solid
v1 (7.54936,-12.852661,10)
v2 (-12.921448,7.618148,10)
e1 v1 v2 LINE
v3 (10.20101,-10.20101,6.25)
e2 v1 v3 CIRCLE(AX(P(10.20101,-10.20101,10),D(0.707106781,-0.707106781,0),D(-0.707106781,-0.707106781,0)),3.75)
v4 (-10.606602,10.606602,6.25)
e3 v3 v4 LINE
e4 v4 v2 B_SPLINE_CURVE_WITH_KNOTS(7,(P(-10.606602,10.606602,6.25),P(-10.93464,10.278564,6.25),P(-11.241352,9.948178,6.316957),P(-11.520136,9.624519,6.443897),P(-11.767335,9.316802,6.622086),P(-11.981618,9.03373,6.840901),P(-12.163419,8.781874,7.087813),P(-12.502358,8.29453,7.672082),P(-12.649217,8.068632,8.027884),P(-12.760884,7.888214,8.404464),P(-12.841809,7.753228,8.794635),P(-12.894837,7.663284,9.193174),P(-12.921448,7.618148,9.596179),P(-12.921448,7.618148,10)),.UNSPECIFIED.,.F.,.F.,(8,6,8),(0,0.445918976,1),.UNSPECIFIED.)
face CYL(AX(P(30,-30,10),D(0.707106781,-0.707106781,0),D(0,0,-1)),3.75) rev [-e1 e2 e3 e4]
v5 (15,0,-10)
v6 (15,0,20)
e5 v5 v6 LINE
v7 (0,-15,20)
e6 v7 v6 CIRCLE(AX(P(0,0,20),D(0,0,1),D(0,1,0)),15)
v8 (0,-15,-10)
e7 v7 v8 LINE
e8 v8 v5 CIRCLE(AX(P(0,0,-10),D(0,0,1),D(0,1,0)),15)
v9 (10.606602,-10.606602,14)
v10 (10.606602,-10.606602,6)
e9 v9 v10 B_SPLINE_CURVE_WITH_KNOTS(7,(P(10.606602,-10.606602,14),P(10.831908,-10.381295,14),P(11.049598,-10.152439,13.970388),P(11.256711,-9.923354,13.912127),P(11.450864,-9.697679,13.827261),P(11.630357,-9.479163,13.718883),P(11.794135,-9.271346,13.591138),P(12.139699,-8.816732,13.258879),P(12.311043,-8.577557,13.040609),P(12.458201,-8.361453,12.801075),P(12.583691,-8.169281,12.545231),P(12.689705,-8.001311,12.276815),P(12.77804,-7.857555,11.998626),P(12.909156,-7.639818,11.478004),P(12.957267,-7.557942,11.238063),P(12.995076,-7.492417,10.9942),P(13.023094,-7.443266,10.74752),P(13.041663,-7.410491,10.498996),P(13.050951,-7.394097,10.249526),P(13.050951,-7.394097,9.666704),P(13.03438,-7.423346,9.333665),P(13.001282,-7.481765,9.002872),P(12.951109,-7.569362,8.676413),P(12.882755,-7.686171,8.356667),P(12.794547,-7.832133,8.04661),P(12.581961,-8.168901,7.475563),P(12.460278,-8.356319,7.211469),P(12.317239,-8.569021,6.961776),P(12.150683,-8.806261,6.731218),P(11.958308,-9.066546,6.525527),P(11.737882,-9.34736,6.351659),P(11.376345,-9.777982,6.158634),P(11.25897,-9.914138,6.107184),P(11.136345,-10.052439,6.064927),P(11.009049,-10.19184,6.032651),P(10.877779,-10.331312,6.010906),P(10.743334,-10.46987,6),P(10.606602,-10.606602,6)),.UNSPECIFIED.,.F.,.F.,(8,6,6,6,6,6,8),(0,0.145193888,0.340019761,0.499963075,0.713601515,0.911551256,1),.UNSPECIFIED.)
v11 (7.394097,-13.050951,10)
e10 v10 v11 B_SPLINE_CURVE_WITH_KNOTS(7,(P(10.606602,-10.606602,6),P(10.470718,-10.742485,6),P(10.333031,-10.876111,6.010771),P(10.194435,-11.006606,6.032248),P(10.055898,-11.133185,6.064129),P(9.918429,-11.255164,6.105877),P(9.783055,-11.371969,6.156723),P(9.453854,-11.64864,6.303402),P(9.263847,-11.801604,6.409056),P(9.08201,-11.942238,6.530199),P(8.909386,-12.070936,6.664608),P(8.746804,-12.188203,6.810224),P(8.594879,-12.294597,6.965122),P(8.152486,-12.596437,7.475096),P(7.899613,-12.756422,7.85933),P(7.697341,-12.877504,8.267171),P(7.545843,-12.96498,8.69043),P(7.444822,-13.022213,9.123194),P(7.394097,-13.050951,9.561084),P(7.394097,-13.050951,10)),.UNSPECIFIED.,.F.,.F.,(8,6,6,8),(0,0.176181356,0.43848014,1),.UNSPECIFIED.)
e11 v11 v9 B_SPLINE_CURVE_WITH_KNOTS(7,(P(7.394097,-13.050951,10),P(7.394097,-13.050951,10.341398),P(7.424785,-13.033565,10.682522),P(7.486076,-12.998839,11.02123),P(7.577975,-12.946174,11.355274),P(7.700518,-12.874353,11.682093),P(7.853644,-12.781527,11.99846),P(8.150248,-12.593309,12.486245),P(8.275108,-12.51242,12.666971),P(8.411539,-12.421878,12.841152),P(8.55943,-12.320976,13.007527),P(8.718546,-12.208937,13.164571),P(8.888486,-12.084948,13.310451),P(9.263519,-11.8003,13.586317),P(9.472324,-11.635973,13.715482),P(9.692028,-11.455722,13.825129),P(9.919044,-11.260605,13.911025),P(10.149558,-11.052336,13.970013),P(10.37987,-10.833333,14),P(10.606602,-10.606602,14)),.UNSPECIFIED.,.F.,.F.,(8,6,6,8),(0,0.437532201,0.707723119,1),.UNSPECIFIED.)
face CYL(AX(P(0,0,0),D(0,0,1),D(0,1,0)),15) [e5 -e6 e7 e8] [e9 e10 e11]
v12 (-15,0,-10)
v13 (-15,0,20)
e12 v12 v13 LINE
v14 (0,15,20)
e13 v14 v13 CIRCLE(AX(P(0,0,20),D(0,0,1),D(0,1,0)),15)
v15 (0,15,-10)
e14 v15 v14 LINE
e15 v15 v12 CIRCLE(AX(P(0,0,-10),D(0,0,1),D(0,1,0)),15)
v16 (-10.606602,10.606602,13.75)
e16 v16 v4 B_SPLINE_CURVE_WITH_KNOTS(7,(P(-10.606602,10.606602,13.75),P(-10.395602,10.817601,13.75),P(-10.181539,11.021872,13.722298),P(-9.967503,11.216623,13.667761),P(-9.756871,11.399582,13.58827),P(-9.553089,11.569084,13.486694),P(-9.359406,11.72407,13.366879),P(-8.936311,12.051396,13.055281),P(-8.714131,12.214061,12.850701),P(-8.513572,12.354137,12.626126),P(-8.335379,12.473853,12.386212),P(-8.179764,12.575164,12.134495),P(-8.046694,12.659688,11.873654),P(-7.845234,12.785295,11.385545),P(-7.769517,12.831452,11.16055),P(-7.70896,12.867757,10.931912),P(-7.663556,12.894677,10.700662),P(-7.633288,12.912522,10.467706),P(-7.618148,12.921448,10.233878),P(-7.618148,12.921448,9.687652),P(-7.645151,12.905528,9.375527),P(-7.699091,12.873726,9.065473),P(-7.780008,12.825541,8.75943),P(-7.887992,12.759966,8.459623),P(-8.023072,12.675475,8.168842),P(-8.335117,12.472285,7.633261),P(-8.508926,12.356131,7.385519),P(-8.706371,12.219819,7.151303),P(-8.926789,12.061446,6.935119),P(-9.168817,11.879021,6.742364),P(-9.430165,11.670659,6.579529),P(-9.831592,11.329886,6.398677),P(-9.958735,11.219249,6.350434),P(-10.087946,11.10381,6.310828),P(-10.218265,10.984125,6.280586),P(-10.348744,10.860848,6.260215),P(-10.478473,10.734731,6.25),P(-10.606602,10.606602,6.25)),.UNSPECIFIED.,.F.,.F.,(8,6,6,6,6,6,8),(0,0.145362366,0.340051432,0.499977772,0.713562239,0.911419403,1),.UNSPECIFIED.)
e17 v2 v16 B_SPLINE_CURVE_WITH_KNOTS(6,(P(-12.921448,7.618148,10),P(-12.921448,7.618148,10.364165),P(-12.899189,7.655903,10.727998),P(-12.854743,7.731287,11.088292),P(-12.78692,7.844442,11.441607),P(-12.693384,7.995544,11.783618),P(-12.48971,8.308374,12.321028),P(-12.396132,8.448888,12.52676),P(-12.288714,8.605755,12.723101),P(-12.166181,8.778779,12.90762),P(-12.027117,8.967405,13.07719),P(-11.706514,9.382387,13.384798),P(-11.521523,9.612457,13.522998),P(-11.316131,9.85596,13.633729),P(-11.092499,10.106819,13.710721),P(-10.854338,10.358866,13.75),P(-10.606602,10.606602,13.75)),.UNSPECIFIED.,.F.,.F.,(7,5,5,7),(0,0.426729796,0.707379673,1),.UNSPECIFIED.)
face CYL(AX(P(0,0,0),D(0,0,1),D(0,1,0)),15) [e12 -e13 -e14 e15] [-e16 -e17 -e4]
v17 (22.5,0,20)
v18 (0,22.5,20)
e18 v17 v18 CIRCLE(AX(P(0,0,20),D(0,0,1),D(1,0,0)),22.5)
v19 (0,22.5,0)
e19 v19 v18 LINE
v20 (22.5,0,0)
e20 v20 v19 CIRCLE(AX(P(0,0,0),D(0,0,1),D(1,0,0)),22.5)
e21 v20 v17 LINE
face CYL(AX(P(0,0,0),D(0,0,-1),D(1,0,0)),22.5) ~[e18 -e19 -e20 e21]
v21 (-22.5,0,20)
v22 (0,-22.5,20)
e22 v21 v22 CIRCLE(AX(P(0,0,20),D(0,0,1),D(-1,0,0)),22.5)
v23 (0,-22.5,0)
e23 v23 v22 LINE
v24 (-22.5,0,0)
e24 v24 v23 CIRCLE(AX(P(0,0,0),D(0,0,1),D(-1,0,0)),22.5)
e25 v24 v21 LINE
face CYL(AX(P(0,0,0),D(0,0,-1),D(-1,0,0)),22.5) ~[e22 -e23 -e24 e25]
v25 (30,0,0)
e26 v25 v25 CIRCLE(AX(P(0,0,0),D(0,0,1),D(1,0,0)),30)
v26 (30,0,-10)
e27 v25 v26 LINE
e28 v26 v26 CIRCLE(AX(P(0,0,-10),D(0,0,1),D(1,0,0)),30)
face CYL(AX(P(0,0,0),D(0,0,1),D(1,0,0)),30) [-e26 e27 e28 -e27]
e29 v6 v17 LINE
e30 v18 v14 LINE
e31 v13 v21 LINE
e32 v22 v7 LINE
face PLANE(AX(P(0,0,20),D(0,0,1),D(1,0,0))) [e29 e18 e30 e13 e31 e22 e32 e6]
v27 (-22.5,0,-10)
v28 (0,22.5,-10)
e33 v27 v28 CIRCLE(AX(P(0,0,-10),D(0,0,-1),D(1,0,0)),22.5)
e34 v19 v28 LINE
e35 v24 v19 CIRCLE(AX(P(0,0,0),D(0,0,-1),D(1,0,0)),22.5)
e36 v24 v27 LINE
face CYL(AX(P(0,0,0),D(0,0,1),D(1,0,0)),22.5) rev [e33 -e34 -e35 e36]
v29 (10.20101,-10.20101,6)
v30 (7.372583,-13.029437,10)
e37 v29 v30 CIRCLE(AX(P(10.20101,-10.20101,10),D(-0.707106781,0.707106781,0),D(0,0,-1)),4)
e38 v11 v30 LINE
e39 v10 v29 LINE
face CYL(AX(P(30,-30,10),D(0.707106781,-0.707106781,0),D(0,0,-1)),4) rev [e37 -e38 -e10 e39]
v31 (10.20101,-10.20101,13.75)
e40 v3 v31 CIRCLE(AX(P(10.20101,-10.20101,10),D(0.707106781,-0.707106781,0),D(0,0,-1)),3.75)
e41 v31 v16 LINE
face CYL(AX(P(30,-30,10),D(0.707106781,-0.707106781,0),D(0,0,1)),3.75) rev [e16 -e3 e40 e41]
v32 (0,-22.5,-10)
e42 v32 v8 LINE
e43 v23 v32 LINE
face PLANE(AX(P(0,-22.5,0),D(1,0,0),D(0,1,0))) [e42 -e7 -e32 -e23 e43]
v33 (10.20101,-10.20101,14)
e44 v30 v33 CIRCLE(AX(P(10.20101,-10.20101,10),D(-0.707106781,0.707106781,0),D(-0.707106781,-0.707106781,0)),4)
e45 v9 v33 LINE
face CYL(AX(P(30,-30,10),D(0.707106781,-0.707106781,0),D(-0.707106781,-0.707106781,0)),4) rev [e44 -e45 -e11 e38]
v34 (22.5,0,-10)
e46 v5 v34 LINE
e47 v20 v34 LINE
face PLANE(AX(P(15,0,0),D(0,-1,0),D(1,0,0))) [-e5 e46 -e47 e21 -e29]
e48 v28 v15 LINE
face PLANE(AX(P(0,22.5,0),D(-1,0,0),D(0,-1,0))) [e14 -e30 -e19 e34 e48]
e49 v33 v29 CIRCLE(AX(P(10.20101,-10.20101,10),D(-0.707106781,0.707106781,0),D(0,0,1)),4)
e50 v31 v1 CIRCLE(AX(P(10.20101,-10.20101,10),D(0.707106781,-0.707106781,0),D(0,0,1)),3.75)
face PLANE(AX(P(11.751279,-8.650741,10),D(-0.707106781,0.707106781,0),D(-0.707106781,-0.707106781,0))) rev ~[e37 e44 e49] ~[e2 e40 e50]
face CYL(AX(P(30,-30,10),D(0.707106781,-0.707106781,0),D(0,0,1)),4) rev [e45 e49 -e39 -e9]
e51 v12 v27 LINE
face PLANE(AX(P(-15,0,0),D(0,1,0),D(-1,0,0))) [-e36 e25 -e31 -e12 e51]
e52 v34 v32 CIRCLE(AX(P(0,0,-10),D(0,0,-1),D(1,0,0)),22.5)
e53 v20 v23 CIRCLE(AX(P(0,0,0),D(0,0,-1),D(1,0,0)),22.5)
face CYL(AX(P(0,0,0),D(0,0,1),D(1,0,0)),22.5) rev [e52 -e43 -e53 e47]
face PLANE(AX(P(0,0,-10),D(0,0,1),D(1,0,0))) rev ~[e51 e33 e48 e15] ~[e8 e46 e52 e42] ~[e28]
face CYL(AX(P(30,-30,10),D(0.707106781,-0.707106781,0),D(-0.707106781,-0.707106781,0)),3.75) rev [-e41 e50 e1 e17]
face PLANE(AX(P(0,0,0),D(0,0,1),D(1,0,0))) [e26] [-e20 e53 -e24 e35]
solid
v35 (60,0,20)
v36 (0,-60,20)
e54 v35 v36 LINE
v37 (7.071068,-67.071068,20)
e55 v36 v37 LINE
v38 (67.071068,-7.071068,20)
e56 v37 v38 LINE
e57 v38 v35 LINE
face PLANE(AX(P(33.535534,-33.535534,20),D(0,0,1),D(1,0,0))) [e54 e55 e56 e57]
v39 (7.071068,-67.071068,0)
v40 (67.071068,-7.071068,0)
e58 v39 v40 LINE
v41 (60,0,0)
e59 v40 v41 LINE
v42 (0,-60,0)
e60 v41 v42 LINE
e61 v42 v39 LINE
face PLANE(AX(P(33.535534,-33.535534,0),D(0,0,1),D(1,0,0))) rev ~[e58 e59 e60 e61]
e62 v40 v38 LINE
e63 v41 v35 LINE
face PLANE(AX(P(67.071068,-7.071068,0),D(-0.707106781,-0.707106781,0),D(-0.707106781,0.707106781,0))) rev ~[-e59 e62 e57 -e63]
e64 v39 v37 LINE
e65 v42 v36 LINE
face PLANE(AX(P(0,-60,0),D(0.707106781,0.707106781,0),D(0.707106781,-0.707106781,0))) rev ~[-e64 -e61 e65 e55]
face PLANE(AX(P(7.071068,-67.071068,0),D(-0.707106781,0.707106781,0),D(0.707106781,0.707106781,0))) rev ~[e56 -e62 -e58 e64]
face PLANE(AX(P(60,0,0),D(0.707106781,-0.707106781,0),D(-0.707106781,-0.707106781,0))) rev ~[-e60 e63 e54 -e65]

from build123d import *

# Parameters (mm, degrees)
F1_DEPTH = 20
F0_R     = 30
F2_DEPTH = 10
F4_DEPTH = 20
F6_DEPTH = 60
F7_DEPTH = 28


with BuildPart() as f1:
    # F0 (on Top) → F1 (new body)
    with BuildSketch(Plane.XY):
        with BuildLine():
            ThreePointArc((0, -15), (10.6066017178, -10.6066017178), (15, 0))
            ThreePointArc((15, 0), (10.6066017178, 10.6066017178), (0, 15))
            ThreePointArc((0, 15), (-10.6066017178, 10.6066017178), (-15, 0))
            ThreePointArc((-15, 0), (-10.6066017178, -10.6066017178), (0, -15))
        make_face()
        with BuildLine():
            ThreePointArc((0, 15), (10.6066017178, 10.6066017178), (15, 0))
            Line((15, 0), (22.5, 0))
            ThreePointArc((22.5, 0), (15.9099025767, 15.9099025767), (0, 22.5))
            Line((0, 22.5), (0, 15))
        make_face()
        with BuildLine():
            Line((0, -22.5), (0, -15))
            ThreePointArc((0, -15), (-10.6066017178, -10.6066017178), (-15, 0))
            Line((-15, 0), (-22.5, 0))
            ThreePointArc((-22.5, 0), (-15.9099025767, -15.9099025767), (0, -22.5))
        make_face()
    extrude(amount=F1_DEPTH)

    # F0 (on Top) → F2 (join)
    with BuildSketch(Plane.XY):
        Circle(F0_R)
        with BuildLine():
            ThreePointArc((0, 22.5), (15.9099025767, 15.9099025767), (22.5, 0))
            ThreePointArc((22.5, 0), (15.9099025767, -15.9099025767), (0, -22.5))
            ThreePointArc((0, -22.5), (-15.9099025767, -15.9099025767), (-22.5, 0))
            ThreePointArc((-22.5, 0), (-15.9099025767, 15.9099025767), (0, 22.5))
        make_face(mode=Mode.SUBTRACT)
        with BuildLine():
            ThreePointArc((0, 15), (10.6066017178, 10.6066017178), (15, 0))
            Line((15, 0), (22.5, 0))
            ThreePointArc((22.5, 0), (15.9099025767, 15.9099025767), (0, 22.5))
            Line((0, 22.5), (0, 15))
        make_face()
        with BuildLine():
            ThreePointArc((0, -15), (10.6066017178, -10.6066017178), (15, 0))
            ThreePointArc((15, 0), (10.6066017178, 10.6066017178), (0, 15))
            ThreePointArc((0, 15), (-10.6066017178, 10.6066017178), (-15, 0))
            ThreePointArc((-15, 0), (-10.6066017178, -10.6066017178), (0, -15))
        make_face()
        with BuildLine():
            Line((0, -22.5), (0, -15))
            ThreePointArc((0, -15), (-10.6066017178, -10.6066017178), (-15, 0))
            Line((-15, 0), (-22.5, 0))
            ThreePointArc((-22.5, 0), (-15.9099025767, -15.9099025767), (0, -22.5))
        make_face()
    extrude(amount=-F2_DEPTH)

    # F5 (on face) → F6 (cut)
    with BuildSketch(Plane(origin=(30, -30, 0), x_dir=(-0.7071067812, -0.7071067812, 0), z_dir=(-0.7071067812, 0.7071067812, 0))):
        with BuildLine():
            Line((0, 6.25), (0, 13.75))
            ThreePointArc((0, 13.75), (-3.75, 10), (0, 6.25))
        make_face()
        with BuildLine():
            ThreePointArc((3.75, 10), (2.6516504294, 12.6516504294), (0, 13.75))
            Line((0, 13.75), (0, 6.25))
            ThreePointArc((0, 6.25), (2.6516504294, 7.3483495706), (3.75, 10))
        make_face()
    extrude(amount=F6_DEPTH, mode=Mode.SUBTRACT)

    # F5 (on face) → F7 (cut)
    with BuildSketch(Plane(origin=(30, -30, 0), x_dir=(-0.7071067812, -0.7071067812, 0), z_dir=(-0.7071067812, 0.7071067812, 0))):
        with BuildLine():
            Line((0, 13.75), (0, 14))
            ThreePointArc((0, 14), (-4, 10), (0, 6))
            Line((0, 6), (0, 6.25))
            ThreePointArc((0, 6.25), (-3.75, 10), (0, 13.75))
        make_face()
        with BuildLine():
            ThreePointArc((4, 10), (2.8284271247, 12.8284271247), (0, 14))
            Line((0, 14), (0, 13.75))
            ThreePointArc((0, 13.75), (2.6516504294, 12.6516504294), (3.75, 10))
            ThreePointArc((3.75, 10), (2.6516504294, 7.3483495706), (0, 6.25))
            Line((0, 6.25), (0, 6))
            ThreePointArc((0, 6), (2.8284271247, 7.1715728753), (4, 10))
        make_face()
    extrude(amount=F7_DEPTH, mode=Mode.SUBTRACT)


with BuildPart() as f4:
    # F3 (on Top) → F4 (new body)
    with BuildSketch(Plane.XY):
        Polygon((67.0710678119, -7.0710678119), (60, 0), (0, -60), (7.0710678119, -67.0710678119), align=None)
    extrude(amount=F4_DEPTH)


solid = Compound([f1.part, f4.part])
